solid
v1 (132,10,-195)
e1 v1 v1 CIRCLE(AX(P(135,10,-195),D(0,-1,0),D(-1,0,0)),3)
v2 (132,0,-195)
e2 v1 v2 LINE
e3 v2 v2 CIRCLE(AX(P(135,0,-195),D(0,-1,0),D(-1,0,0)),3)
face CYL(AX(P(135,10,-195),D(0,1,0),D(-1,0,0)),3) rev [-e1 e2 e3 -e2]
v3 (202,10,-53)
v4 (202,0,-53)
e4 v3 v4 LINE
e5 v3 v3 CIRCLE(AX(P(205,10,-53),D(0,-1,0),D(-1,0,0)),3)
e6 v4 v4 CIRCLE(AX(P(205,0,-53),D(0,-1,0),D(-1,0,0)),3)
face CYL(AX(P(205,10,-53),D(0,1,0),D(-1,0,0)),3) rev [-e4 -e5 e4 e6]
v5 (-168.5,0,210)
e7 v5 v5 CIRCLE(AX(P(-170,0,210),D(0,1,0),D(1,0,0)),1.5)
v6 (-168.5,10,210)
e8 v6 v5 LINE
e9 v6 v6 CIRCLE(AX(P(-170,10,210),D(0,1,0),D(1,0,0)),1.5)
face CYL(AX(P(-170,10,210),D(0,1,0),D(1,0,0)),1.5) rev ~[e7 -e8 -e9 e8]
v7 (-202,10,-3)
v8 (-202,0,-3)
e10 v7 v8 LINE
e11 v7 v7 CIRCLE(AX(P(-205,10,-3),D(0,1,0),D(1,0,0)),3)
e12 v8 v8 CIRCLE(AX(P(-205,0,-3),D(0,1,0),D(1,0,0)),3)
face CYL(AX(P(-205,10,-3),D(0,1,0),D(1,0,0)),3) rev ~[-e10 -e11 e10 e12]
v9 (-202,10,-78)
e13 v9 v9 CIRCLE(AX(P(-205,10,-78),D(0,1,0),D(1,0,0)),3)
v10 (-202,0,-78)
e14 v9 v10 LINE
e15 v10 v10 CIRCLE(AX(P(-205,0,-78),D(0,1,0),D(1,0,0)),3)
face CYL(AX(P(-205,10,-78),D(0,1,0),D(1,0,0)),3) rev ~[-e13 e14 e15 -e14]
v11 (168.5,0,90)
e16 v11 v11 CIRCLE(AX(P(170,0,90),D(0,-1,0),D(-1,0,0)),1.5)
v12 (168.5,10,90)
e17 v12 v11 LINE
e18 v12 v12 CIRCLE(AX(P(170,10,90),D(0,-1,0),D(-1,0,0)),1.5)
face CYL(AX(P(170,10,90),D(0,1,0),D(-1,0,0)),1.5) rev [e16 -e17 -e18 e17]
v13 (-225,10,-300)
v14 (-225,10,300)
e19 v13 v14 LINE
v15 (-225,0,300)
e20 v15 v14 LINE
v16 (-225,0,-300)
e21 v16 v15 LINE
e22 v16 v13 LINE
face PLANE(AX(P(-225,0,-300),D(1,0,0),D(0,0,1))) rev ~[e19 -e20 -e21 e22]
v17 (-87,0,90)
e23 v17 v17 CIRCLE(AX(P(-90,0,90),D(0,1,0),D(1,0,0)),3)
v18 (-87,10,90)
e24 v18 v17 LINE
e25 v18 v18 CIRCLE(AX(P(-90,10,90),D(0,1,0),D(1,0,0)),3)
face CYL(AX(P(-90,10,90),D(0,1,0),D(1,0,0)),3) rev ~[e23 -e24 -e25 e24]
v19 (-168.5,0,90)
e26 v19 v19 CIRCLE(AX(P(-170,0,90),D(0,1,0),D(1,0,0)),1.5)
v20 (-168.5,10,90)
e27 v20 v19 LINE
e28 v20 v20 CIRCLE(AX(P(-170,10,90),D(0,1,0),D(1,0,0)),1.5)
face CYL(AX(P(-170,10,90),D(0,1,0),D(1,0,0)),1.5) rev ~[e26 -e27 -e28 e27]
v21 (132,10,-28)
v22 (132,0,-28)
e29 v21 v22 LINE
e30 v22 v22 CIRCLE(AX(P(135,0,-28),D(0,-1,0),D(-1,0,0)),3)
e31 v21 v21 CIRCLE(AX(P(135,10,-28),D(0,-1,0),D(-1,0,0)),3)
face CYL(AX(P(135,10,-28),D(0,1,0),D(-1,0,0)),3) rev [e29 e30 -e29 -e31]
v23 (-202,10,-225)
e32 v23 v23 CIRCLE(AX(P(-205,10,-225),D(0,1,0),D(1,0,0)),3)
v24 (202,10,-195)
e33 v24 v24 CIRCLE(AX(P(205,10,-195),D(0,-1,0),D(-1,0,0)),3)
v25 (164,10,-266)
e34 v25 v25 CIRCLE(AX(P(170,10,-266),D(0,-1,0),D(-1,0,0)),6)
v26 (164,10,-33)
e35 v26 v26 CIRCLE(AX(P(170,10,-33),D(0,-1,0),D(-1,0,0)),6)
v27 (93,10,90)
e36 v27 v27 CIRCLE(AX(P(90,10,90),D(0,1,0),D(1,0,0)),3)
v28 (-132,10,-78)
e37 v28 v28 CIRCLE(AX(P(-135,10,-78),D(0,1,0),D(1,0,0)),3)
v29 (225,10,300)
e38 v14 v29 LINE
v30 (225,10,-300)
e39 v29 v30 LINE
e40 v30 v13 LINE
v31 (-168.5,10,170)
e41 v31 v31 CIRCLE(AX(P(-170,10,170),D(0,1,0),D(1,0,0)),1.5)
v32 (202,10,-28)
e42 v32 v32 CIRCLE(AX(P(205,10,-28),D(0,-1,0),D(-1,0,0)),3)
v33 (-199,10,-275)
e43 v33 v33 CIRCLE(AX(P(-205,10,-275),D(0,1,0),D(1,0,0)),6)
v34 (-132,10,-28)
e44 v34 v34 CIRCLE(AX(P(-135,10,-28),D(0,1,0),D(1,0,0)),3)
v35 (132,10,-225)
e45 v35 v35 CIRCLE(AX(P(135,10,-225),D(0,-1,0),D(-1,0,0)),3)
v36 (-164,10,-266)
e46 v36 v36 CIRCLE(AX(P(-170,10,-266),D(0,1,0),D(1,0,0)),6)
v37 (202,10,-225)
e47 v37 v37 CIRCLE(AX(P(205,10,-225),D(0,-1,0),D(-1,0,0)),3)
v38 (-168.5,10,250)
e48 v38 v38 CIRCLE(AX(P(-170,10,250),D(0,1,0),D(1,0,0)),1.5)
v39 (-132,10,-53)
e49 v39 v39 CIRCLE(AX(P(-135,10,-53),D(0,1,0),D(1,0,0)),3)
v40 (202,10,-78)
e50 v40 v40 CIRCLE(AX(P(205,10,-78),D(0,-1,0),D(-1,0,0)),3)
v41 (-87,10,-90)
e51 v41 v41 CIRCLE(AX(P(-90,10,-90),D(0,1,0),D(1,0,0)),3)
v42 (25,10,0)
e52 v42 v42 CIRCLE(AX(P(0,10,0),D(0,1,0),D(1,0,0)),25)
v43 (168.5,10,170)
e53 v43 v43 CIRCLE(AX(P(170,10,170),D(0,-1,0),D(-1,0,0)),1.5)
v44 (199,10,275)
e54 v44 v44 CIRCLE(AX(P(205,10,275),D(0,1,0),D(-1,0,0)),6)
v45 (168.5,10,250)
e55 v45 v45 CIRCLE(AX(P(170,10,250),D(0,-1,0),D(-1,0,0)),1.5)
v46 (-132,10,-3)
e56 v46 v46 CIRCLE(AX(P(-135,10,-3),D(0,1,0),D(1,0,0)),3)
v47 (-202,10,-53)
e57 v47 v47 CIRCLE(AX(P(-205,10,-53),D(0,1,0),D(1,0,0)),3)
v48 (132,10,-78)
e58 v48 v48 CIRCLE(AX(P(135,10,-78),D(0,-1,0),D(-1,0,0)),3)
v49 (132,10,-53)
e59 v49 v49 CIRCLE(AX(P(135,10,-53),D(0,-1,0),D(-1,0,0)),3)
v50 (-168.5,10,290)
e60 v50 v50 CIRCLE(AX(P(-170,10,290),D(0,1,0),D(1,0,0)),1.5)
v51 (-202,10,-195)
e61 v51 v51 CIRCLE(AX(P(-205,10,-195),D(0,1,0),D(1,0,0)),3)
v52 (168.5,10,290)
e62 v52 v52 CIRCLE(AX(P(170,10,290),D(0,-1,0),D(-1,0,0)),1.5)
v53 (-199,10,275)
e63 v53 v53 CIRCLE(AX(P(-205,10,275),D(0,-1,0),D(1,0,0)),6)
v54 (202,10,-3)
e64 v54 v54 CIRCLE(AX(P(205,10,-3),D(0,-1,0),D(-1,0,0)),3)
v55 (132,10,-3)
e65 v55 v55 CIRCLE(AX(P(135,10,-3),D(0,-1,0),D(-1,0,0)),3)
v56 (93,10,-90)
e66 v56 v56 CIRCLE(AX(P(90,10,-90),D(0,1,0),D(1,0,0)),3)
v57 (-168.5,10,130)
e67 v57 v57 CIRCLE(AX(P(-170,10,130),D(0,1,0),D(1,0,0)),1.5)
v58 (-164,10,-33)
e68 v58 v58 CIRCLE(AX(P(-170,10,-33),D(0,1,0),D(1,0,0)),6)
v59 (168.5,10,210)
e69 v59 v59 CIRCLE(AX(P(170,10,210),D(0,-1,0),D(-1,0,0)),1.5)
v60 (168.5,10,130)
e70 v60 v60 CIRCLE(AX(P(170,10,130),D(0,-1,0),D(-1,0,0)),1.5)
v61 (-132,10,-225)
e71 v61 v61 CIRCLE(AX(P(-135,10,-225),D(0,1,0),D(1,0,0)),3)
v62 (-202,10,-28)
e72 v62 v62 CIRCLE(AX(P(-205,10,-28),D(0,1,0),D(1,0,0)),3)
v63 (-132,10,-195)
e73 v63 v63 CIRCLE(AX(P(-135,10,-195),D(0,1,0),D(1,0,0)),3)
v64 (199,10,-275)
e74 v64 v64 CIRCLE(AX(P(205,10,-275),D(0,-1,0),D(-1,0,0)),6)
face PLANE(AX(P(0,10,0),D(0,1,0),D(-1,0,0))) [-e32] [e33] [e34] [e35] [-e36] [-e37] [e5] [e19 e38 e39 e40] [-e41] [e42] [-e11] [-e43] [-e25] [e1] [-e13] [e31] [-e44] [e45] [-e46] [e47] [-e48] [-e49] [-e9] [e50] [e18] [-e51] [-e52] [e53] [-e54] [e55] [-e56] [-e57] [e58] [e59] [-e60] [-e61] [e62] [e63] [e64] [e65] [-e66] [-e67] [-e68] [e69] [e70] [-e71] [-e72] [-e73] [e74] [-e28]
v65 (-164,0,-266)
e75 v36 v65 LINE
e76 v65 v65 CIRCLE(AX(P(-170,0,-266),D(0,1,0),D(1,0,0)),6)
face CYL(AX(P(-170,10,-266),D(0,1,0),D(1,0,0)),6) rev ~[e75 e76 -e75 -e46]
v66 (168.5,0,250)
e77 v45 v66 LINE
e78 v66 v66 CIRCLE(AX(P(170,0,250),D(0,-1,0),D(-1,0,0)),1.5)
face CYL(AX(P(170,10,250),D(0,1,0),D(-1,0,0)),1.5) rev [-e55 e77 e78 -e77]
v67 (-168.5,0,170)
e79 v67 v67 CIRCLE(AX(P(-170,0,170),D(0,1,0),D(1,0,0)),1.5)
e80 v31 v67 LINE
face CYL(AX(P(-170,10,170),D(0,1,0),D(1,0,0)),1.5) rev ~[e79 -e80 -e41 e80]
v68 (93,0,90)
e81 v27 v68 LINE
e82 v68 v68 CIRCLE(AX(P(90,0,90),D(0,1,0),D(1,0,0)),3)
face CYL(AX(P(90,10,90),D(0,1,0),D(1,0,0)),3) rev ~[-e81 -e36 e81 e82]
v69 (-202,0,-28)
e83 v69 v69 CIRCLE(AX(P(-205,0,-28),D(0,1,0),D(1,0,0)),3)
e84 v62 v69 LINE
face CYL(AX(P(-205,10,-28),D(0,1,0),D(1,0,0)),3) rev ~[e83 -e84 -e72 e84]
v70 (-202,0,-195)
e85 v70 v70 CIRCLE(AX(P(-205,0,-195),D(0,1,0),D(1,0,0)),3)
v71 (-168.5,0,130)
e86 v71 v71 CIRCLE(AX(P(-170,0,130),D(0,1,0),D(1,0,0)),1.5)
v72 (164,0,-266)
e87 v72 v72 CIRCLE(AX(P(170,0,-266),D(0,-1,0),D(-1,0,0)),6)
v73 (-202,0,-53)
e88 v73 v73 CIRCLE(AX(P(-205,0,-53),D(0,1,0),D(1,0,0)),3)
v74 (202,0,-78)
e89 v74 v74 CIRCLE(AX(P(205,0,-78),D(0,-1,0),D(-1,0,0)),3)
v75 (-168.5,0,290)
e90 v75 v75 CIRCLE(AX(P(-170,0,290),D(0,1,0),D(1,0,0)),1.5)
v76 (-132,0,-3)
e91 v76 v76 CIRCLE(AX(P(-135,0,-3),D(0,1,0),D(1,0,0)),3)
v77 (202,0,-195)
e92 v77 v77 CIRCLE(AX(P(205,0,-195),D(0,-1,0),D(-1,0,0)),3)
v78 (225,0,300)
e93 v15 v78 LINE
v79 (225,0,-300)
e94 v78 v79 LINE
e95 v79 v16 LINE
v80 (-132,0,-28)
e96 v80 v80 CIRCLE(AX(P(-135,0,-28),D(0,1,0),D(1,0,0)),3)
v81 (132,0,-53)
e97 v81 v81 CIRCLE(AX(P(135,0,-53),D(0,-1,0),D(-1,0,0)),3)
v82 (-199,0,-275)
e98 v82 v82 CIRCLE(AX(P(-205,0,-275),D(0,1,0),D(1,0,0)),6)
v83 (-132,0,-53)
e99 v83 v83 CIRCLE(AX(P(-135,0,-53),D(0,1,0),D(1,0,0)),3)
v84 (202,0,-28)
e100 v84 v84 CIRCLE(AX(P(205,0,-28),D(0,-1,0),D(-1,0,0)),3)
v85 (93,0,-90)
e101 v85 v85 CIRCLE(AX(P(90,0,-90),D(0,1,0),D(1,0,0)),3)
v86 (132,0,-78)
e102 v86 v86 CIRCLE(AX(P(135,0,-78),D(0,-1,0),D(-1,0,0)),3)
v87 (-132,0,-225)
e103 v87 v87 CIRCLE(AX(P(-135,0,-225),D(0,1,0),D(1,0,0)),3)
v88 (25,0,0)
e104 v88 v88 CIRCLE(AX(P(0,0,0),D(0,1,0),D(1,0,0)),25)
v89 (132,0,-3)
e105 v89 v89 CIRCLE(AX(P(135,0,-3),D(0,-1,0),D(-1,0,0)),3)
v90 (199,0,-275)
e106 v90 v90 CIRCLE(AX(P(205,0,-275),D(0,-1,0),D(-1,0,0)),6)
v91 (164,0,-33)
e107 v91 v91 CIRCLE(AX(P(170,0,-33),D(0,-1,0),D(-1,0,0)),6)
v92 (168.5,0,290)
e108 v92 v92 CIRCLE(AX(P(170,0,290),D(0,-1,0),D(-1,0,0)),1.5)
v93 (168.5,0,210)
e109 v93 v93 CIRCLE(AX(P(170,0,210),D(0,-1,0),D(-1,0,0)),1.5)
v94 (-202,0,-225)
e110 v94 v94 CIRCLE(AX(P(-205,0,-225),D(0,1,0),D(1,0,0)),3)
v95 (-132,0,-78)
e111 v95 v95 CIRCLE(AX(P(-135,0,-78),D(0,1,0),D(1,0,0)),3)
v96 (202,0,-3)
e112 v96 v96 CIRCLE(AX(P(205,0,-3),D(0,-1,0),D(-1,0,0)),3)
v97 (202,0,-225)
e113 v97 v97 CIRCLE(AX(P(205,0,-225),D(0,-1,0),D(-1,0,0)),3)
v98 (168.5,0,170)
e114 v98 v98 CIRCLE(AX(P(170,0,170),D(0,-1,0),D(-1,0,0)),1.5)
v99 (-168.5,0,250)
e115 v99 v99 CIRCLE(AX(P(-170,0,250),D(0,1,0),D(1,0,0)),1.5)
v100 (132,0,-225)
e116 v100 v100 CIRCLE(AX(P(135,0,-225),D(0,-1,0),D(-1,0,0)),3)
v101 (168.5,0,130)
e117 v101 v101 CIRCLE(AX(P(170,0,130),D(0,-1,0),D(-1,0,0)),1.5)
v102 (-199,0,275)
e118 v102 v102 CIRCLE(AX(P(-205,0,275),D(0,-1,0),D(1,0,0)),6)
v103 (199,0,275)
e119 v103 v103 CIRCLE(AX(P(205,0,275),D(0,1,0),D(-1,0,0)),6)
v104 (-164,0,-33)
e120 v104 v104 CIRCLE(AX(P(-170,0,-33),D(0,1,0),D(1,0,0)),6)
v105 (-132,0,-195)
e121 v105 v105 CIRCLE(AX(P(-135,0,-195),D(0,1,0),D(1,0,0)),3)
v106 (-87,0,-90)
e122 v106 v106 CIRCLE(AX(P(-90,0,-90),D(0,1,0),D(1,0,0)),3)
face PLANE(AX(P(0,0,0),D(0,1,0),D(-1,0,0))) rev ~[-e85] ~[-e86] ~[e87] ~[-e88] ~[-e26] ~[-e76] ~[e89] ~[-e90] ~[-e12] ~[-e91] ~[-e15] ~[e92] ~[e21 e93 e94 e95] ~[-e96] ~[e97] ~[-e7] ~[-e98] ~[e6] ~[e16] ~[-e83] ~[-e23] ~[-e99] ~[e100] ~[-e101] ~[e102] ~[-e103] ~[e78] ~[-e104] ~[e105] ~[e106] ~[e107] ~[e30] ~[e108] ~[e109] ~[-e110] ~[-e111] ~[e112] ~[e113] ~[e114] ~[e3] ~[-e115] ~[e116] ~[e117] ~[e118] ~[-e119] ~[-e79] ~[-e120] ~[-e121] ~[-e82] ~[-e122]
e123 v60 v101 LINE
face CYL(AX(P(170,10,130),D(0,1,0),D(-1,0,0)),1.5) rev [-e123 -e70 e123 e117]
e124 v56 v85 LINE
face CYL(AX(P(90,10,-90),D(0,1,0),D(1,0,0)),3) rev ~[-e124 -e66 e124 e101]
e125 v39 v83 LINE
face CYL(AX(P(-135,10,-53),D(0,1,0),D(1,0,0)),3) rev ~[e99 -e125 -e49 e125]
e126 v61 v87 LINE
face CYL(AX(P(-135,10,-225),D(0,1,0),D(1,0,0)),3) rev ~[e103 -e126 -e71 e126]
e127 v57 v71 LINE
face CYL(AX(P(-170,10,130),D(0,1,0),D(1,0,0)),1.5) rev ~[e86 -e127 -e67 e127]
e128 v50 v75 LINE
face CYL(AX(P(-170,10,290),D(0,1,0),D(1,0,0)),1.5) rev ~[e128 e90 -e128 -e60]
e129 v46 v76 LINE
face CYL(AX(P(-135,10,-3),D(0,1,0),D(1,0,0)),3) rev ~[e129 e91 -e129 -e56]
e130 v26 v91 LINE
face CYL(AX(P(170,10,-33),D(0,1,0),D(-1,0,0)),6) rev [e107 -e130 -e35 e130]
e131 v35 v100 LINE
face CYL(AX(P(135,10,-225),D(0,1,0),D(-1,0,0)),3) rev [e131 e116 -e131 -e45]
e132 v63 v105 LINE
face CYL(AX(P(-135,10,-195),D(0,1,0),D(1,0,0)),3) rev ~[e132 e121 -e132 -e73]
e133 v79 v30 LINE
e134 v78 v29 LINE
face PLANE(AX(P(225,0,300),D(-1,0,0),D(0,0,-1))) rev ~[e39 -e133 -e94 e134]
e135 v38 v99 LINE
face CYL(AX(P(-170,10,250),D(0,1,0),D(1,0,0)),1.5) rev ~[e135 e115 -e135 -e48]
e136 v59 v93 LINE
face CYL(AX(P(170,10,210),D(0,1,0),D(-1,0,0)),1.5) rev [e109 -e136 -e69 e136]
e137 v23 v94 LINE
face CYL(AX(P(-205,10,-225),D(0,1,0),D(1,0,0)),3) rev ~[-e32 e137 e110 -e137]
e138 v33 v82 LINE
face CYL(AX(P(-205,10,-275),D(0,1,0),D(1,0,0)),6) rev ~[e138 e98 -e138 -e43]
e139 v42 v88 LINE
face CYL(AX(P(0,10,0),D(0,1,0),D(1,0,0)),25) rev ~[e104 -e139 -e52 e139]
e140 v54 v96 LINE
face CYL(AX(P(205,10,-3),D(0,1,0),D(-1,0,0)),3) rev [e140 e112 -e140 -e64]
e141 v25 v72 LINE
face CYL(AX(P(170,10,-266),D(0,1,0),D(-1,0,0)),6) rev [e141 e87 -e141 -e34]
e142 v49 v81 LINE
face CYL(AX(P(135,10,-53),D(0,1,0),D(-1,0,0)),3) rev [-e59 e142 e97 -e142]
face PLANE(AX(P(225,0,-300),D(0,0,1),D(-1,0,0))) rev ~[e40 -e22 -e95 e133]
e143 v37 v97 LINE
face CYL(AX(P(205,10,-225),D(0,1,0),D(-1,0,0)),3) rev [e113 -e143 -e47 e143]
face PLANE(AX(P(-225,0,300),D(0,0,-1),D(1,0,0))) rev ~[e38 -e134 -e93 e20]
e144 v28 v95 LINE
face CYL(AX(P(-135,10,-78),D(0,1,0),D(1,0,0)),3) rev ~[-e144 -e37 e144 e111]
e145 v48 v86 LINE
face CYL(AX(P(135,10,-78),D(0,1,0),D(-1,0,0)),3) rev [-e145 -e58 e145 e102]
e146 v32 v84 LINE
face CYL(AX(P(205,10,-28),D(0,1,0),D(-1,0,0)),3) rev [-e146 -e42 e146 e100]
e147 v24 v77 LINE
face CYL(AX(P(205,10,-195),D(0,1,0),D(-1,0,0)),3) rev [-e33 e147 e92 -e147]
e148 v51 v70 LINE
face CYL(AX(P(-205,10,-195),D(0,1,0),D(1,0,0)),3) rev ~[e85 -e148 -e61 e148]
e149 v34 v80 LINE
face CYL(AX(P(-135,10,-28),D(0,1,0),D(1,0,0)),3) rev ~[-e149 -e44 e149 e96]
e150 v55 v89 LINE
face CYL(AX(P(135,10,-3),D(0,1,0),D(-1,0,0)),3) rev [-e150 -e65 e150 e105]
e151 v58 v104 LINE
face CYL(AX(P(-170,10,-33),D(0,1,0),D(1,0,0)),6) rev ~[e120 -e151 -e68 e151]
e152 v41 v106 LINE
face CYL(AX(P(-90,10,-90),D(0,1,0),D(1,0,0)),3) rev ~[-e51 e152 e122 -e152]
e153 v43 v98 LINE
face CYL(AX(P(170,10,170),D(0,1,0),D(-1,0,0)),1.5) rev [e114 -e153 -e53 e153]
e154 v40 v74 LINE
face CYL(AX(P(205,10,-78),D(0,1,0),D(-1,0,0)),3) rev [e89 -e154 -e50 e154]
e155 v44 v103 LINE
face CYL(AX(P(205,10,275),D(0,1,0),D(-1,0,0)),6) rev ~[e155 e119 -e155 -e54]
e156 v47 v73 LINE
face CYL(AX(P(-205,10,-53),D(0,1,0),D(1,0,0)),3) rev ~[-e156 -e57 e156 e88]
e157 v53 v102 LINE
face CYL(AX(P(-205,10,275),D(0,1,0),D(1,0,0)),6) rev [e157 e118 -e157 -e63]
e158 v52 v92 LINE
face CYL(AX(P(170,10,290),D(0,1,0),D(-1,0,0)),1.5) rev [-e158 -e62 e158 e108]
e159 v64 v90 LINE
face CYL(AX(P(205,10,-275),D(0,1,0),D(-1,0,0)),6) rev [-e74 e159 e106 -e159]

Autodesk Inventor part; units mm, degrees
ref_plane "YZ Plane" through (0, 0, 0) normal (1, 0, 0) x (0, 1, 0)
ref_plane "XZ Plane" through (0, 0, 0) normal (0, 1, 0) x (-1, 0, 0)
ref_plane "XY Plane" through (0, 0, 0) normal (0, 0, 1) x (1, 0, 0)
sketch "Sketch1" plane through (0, 0, 0) normal (0, 1, 0) x (-1, 0, 0)
  line L0 (225, 300) -> (-225, 300)
  line L1 (-225, 300) -> (-225, -300)
  line L2 (-225, -300) -> (225, -300)
  line L3 (225, -300) -> (225, 300)
  line L4 (225, 300) -> (-225, -300) construction
  line L5 (-225, 300) -> (225, -300) construction
  point P0 (0, 0)
  dimension "d0" = 450
  dimension "d1" = 600
extrude "Extrusion1" add sketch "Sketch1" along normal blind 10
sketch "Sketch2" plane through (0, 10, 0) normal (0, 1, 0) x (1, 0, 0)
  circle A0 centre (-170, -290) radius 1.5
  circle A1 centre (-170, -250) radius 1.5
  circle A2 centre (-170, -210) radius 1.5
  circle A3 centre (-170, -170) radius 1.5
  circle A4 centre (-170, -90) radius 1.5
  circle A5 centre (-170, -130) radius 1.5
  line L0 (-225, 300) -> (-225, -300) projected
  line L1 (-225, -300) -> (225, -300) projected
  point P0 (0, 0)
  dimension "d4" = 3
  dimension "d5" = 3
  dimension "d6" = 3
  dimension "d7" = 3
  dimension "d8" = 3
  dimension "d9" = 3
  dimension "d10" = 40
  dimension "d11" = 40
  dimension "d12" = 40
  dimension "d13" = 40
  dimension "d14" = 40
  dimension "d15" = 55
  dimension "d16" = 10
extrude "Extrusion2" cut sketch "Sketch2" against normal blind 10
sketch "Sketch3" plane through (0, 10, 0) normal (0, 1, 0) x (1, 0, 0)
  circle A0 centre (0, 0) radius 25
  circle A1 centre (90, -90) radius 3
  circle A2 centre (90, 90) radius 3
  circle A3 centre (-90, 90) radius 3
  circle A4 centre (-90, -90) radius 3
  dimension "d19" = 50
  dimension "d20" = 6
  dimension "d21" = 6
  dimension "d22" = 6
  dimension "d23" = 6
  dimension "d24" = 90
  dimension "d25" = 90
  dimension "d26" = 90
  dimension "d27" = 90
  dimension "d28" = 90
  dimension "d29" = 90
  dimension "d30" = 90
  dimension "d31" = 90
extrude "Extrusion3" cut sketch "Sketch3" against normal blind 10
mirror "Mirror1" about plane through (0, 0, 0) normal (1, 0, 0) of "Extrusion2"
sketch "Sketch4" plane through (0, 10, 0) normal (0, 1, 0) x (1, 0, 0)
  circle A0 centre (-205, 275) radius 6
  line L0 (225, 300) -> (-225, 300) projected
  line L1 (-225, 300) -> (-225, -300) projected
  point P0 (0, 0)
  dimension "d34" = 12
  dimension "d35" = 25
  dimension "d36" = 20
extrude "Extrusion4" cut sketch "Sketch4" against normal blind 10
mirror "Mirror2" about plane through (0, 0, 0) normal (1, 0, 0) of "Extrusion4"
mirror "Mirror3" about plane through (0, 0, 0) normal (0, 0, 1) of "Extrusion4", "Mirror2"
sketch "Sketch5" plane through (0, 10, 0) normal (0, 1, 0) x (1, 0, 0)
  circle A0 centre (-205, 225) radius 3
  circle A1 centre (-205, 195) radius 3
  circle A2 centre (-205, 78) radius 3
  circle A3 centre (-205, 53) radius 3
  circle A4 centre (-205, 28) radius 3
  circle A5 centre (-205, 3) radius 3
  circle A6 centre (-135, 225) radius 3
  circle A7 centre (-135, 195) radius 3
  circle A8 centre (-135, 78) radius 3
  circle A9 centre (-135, 53) radius 3
  circle A10 centre (-135, 28) radius 3
  circle A11 centre (-135, 3) radius 3
  line L0 (-225, 300) -> (-225, -300) projected
  circle A12 centre (-170, 33) radius 6
  line L1 (225, 300) -> (-225, 300) projected
  circle A13 centre (-170, 266) radius 6
  point P0 (0, 0)
  dimension "d39" = 6
  dimension "d40" = 6
  dimension "d41" = 6
  dimension "d42" = 6
  dimension "d43" = 6
  dimension "d44" = 6
  dimension "d45" = 6
  dimension "d46" = 6
  dimension "d47" = 6
  dimension "d48" = 6
  dimension "d49" = 6
  dimension "d50" = 6
  dimension "d51" = 20
  dimension "d52" = 90
  dimension "d53" = 12
  dimension "d54" = 55
  dimension "d55" = 75
  dimension "d56" = 105
  dimension "d57" = 25
  dimension "d58" = 272
  dimension "d59" = 25
  dimension "d60" = 25
  dimension "d61" = 267
  dimension "d62" = 12
  dimension "d63" = 55
  dimension "d64" = 34
extrude "Extrusion5" cut sketch "Sketch5" against normal blind 10
mirror "Mirror4" about plane through (0, 0, 0) normal (1, 0, 0) of "Extrusion5"
properties part number "arc"
